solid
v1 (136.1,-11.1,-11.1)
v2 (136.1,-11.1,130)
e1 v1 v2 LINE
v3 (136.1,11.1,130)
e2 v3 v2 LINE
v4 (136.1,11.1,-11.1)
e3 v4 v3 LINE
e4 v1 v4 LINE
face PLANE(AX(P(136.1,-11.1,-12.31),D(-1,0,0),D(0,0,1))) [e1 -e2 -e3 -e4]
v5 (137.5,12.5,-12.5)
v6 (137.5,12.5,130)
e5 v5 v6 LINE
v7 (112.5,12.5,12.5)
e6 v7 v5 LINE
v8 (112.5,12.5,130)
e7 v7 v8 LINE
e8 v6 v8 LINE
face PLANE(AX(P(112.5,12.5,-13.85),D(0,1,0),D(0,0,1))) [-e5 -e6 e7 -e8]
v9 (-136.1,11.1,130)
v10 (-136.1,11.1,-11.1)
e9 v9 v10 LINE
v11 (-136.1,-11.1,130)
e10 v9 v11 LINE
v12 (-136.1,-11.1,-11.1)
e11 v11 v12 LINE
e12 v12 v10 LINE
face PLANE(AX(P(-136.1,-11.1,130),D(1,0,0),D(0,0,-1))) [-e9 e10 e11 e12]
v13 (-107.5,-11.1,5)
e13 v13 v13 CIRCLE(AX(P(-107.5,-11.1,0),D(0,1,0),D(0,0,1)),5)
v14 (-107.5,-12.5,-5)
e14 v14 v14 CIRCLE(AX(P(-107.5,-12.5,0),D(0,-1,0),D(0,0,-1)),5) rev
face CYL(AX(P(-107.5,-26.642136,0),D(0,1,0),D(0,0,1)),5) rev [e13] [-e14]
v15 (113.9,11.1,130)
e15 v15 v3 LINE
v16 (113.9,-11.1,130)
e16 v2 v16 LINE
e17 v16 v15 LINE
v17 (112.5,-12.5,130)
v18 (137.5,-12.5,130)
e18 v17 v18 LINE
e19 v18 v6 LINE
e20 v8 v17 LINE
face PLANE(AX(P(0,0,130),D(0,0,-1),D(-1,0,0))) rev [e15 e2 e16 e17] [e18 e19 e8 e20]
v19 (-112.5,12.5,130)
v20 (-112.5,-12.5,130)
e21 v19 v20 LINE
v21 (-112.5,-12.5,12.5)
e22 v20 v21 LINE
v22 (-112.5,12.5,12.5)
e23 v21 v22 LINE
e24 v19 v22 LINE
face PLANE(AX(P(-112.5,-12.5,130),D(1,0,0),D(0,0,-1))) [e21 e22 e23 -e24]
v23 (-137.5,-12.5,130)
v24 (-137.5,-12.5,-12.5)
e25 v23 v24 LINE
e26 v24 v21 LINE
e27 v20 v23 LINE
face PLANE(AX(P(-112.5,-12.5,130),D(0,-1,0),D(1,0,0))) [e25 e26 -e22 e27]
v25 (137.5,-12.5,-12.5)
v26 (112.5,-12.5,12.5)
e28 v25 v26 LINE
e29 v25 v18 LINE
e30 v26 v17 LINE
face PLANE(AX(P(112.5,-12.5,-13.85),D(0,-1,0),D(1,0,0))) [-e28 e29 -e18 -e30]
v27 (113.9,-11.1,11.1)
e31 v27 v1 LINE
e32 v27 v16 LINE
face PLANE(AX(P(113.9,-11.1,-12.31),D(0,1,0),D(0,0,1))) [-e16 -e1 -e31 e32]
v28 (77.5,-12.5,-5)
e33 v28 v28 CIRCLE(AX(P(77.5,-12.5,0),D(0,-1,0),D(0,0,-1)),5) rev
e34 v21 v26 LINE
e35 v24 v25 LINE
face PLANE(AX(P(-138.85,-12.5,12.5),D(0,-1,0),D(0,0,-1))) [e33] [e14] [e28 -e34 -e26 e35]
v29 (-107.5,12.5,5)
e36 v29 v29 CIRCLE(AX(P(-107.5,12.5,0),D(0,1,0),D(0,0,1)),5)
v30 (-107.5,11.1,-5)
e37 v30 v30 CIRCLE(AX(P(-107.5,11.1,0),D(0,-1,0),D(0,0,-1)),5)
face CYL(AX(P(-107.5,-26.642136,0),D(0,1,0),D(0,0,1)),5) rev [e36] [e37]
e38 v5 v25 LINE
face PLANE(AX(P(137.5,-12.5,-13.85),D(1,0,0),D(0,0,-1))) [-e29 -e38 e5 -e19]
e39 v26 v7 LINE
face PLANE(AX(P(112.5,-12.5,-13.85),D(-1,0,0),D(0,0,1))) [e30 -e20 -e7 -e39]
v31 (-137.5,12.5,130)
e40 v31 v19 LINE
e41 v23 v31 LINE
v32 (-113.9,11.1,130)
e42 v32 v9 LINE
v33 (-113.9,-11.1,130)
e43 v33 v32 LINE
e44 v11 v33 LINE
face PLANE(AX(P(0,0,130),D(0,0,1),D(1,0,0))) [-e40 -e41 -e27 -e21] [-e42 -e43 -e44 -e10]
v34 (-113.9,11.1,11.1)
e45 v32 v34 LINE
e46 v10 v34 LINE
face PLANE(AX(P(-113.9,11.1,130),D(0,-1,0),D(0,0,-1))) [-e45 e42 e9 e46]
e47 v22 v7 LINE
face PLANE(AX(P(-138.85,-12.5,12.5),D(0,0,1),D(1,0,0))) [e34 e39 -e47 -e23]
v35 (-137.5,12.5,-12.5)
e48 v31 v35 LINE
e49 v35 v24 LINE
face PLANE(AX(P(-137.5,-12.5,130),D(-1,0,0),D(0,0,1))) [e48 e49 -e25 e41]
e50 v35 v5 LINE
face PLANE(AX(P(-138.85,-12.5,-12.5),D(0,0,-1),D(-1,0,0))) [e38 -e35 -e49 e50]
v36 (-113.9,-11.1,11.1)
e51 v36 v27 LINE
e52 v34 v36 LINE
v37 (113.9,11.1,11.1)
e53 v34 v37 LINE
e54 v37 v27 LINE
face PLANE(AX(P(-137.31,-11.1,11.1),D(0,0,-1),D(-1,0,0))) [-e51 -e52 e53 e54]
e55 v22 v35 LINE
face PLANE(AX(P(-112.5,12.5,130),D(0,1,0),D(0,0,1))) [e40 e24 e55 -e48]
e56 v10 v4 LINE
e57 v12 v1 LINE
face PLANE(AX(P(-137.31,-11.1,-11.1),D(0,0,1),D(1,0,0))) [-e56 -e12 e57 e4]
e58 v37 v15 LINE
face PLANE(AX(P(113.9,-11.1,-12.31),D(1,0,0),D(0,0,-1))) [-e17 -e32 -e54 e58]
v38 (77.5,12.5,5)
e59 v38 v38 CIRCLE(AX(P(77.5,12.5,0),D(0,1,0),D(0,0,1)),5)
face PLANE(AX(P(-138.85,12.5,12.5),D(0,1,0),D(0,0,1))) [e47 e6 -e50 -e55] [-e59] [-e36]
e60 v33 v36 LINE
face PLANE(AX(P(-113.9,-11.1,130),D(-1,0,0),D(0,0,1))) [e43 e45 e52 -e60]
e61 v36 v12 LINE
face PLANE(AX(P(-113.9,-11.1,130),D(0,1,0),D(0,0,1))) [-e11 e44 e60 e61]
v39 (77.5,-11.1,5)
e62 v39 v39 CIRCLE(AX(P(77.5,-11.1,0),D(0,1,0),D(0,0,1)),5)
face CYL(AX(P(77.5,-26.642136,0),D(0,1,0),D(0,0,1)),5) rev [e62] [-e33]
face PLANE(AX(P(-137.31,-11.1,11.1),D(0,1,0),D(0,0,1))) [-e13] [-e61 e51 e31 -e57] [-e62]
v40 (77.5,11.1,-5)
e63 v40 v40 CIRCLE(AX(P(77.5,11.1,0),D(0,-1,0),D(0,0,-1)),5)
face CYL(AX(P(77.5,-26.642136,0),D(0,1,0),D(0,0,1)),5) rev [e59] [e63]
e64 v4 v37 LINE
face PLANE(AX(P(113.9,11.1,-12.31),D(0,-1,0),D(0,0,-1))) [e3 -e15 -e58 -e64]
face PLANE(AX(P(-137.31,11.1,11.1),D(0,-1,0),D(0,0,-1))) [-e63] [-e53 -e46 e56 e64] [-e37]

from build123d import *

# Parameters (mm, degrees)
SKETCH2_W          = 25
SKETCH2_H          = 25
SKETCH2_W_2        = 22.2
SKETCH2_H_2        = 22.2
CUT_EXTRUDE1_REACH = 192.87
SKETCH3_R          = 5


with BuildPart() as part:
    # Sweep1: sweep along a path in Sketch1
    with BuildLine(Plane(origin=(0, 0, 0), x_dir=(1, 0, 0), z_dir=(0, 1, 0))) as sweep1_path:
        Line((-125, -130), (-125, 0))
        Line((-125, 0), (125, 0))
        Line((125, 0), (125, -130))
    # Sketch2 → Sweep1 (sweep)
    with BuildSketch(Plane(origin=(-125, 0, 130), x_dir=(-1, 0, 0), z_dir=(0, 0, -1))):
        Rectangle(SKETCH2_W, SKETCH2_H)
        Rectangle(SKETCH2_W_2, SKETCH2_H_2, mode=Mode.SUBTRACT)
    sweep(path=sweep1_path.line, transition=Transition.RIGHT)

    # Cut-Extrude1: up to this face of the body (flat: up to its plane)
    cut_extrude1_end = Plane(part.part.faces().sort_by_distance((-115.59727703, -12.5, 71.25))[0])
    # Sketch3 → Cut-Extrude1 (cut, up to the picked face)
    with BuildSketch(Plane(origin=(0, 12.5, 0), x_dir=(1, 0, 0), z_dir=(0, 1, 0)), mode=Mode.PRIVATE) as cut_extrude1_sk1:
        with Locations(Location((77.5, 0, 0), (0, 0, 270))):
            Circle(SKETCH3_R)
    cut_extrude1_tool1 = split(extrude(cut_extrude1_sk1.sketch, amount=-CUT_EXTRUDE1_REACH, mode=Mode.PRIVATE), bisect_by=cut_extrude1_end, keep=Keep.BOTH, mode=Mode.PRIVATE)
    # Sketch3 → Cut-Extrude1 (cut, up to the picked face)
    with BuildSketch(Plane(origin=(0, 12.5, 0), x_dir=(1, 0, 0), z_dir=(0, 1, 0)), mode=Mode.PRIVATE) as cut_extrude1_sk2:
        with Locations(Location((-107.5, 0, 0), (0, 0, 270))):
            Circle(SKETCH3_R)
    cut_extrude1_tool2 = split(extrude(cut_extrude1_sk2.sketch, amount=-CUT_EXTRUDE1_REACH, mode=Mode.PRIVATE), bisect_by=cut_extrude1_end, keep=Keep.BOTH, mode=Mode.PRIVATE)
    add(cut_extrude1_tool1.solids().sort_by(Axis((77.5, 12.5, 0), (0, -1, 0)))[0], mode=Mode.SUBTRACT)
    add(cut_extrude1_tool2.solids().sort_by(Axis((-107.5, 12.5, 0), (0, -1, 0)))[0], mode=Mode.SUBTRACT)


solid = part.part
